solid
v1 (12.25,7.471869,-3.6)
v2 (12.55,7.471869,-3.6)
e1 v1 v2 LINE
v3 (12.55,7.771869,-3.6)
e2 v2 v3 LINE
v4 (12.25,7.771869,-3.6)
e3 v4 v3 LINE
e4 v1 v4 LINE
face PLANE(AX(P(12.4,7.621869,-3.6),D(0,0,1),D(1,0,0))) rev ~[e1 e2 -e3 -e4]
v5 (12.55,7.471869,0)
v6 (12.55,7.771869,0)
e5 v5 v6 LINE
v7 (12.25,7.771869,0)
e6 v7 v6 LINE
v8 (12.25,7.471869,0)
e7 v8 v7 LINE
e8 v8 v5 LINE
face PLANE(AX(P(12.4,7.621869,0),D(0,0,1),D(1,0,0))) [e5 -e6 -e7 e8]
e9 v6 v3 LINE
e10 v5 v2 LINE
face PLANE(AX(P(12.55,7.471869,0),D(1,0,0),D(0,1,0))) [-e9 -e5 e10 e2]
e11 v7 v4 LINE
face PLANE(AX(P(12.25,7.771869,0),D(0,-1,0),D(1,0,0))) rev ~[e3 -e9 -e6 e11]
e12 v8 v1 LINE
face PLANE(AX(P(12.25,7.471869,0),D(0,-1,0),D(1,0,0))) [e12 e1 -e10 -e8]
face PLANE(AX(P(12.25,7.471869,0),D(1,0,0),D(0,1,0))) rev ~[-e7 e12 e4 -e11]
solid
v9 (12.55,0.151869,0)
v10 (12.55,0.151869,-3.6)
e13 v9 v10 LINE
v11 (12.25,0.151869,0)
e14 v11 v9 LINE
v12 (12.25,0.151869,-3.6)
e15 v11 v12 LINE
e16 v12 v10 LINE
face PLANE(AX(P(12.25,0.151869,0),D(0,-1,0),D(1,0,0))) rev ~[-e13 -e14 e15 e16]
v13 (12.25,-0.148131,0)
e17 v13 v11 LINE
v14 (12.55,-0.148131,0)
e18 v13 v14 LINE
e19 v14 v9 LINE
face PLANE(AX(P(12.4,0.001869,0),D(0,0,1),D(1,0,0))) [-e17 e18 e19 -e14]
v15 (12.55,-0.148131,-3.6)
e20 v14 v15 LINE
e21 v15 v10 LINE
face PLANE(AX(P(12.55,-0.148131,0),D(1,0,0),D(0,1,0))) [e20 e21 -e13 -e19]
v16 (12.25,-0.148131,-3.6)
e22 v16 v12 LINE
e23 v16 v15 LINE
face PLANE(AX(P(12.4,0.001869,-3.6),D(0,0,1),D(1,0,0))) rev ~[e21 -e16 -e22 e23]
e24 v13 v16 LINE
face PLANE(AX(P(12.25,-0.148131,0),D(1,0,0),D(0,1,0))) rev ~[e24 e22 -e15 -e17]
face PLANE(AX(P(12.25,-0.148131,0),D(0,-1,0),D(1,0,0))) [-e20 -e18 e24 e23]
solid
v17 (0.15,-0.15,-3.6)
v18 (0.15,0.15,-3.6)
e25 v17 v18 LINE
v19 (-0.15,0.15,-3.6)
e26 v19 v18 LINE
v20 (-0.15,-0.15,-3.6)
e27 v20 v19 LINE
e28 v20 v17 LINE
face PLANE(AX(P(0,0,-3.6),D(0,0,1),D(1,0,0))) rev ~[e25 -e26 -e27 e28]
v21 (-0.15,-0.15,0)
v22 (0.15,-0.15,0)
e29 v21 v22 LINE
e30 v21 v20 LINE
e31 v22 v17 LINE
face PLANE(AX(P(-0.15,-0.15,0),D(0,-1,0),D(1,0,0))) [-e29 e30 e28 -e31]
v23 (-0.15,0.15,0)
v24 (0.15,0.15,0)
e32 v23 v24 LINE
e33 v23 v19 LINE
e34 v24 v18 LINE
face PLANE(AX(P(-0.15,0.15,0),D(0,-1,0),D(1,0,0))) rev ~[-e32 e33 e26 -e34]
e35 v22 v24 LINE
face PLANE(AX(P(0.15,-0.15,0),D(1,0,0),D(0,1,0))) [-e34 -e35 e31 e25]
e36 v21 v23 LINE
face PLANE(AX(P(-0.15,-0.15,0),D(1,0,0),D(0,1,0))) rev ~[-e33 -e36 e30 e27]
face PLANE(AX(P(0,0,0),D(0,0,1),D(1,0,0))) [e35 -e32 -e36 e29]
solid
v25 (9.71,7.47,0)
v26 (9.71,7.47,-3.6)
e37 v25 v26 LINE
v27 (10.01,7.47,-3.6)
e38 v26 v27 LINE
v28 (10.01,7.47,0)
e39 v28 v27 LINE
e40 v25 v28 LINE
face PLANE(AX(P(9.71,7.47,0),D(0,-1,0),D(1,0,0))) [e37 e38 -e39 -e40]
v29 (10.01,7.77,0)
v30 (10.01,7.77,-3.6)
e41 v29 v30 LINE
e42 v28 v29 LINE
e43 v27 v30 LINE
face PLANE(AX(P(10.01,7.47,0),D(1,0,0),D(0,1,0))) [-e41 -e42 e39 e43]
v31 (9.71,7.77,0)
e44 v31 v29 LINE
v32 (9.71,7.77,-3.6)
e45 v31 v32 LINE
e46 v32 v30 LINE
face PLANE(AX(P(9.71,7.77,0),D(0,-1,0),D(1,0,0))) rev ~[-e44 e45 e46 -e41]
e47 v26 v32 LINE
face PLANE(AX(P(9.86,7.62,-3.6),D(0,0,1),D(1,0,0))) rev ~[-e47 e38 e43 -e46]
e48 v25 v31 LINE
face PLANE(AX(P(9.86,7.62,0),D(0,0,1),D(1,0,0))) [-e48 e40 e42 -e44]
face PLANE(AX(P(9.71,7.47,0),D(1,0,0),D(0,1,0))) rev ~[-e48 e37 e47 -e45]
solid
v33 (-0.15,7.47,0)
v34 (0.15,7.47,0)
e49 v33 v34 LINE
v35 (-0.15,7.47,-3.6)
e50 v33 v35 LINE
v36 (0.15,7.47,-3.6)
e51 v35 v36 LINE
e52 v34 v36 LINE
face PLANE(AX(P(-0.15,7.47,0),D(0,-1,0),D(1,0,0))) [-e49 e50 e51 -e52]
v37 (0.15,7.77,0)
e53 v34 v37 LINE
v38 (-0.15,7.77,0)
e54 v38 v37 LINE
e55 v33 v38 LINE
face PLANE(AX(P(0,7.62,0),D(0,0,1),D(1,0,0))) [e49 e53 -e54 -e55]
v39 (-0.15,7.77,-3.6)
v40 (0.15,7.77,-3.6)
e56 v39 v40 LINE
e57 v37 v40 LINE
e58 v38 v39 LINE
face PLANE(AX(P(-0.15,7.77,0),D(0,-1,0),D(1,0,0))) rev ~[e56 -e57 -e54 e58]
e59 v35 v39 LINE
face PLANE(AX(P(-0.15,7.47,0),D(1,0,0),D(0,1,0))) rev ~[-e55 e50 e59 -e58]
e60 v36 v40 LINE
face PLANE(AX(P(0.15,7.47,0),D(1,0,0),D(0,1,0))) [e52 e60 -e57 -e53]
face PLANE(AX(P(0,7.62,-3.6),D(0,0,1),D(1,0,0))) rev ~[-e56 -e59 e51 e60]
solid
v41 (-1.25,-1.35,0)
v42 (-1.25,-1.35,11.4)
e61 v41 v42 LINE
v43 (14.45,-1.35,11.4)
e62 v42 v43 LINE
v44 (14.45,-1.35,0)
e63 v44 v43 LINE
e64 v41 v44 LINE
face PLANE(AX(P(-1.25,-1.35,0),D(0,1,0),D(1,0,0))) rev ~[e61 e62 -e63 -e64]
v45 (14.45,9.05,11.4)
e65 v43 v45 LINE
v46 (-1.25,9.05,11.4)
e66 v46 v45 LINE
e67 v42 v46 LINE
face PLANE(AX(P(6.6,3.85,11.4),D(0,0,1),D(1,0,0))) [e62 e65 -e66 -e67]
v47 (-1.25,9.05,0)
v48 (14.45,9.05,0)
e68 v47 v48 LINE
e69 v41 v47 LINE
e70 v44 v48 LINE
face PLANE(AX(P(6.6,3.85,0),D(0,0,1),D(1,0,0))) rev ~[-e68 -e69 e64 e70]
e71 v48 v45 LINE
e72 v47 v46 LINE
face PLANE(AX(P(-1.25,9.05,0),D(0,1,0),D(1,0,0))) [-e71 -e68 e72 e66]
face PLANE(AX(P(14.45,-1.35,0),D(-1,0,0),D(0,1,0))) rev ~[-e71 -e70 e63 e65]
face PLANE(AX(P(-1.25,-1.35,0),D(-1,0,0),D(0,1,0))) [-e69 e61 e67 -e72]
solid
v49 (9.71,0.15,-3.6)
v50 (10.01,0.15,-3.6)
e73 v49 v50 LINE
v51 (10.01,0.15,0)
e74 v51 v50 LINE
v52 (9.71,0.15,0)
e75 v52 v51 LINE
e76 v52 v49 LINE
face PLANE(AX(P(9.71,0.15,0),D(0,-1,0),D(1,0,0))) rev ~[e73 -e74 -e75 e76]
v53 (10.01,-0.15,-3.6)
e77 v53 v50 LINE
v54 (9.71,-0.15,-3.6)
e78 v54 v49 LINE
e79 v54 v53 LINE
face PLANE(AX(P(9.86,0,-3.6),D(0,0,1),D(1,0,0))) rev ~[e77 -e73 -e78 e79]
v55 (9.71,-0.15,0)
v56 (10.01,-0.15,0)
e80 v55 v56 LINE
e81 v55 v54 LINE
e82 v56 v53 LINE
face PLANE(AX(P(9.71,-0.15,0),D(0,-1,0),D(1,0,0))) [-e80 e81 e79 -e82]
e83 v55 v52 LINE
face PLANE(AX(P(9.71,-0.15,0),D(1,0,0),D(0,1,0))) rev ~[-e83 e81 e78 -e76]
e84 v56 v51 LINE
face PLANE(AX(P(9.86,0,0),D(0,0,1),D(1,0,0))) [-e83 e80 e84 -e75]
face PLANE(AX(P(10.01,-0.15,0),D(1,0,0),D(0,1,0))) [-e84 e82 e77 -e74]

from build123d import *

# Parameters (mm, degrees)
SKETCH_W     = 15.7
SKETCH_H     = 10.4
PAD_DEPTH    = 11.4
SKETCH001_W  = 0.3
SKETCH001_H  = 0.3
PAD001_DEPTH = 3.6


with BuildPart() as pad:
    # Sketch → Pad (new body)
    with BuildSketch(Plane.XY):
        with Locations((6.6, 3.85)):
            Rectangle(SKETCH_W, SKETCH_H)
    extrude(amount=PAD_DEPTH)


with BuildPart() as pad001:
    # Sketch001 → Pad001 (new body)
    with BuildSketch(Plane.XY):
        Rectangle(SKETCH001_W, SKETCH001_H)
        with Locations((9.86, 0)):
            Rectangle(SKETCH001_W, SKETCH001_H)
        with Locations((0, 7.62)):
            Rectangle(SKETCH001_W, SKETCH001_H)
        with Locations((9.86, 7.62)):
            Rectangle(SKETCH001_W, SKETCH001_H)
        with Locations((12.4, 0.001869)):
            Rectangle(SKETCH001_W, SKETCH001_H)
        with Locations((12.4, 7.621869)):
            Rectangle(SKETCH001_W, SKETCH001_H)
    extrude(amount=-PAD001_DEPTH)


solid = Compound([pad.part, pad001.part])
